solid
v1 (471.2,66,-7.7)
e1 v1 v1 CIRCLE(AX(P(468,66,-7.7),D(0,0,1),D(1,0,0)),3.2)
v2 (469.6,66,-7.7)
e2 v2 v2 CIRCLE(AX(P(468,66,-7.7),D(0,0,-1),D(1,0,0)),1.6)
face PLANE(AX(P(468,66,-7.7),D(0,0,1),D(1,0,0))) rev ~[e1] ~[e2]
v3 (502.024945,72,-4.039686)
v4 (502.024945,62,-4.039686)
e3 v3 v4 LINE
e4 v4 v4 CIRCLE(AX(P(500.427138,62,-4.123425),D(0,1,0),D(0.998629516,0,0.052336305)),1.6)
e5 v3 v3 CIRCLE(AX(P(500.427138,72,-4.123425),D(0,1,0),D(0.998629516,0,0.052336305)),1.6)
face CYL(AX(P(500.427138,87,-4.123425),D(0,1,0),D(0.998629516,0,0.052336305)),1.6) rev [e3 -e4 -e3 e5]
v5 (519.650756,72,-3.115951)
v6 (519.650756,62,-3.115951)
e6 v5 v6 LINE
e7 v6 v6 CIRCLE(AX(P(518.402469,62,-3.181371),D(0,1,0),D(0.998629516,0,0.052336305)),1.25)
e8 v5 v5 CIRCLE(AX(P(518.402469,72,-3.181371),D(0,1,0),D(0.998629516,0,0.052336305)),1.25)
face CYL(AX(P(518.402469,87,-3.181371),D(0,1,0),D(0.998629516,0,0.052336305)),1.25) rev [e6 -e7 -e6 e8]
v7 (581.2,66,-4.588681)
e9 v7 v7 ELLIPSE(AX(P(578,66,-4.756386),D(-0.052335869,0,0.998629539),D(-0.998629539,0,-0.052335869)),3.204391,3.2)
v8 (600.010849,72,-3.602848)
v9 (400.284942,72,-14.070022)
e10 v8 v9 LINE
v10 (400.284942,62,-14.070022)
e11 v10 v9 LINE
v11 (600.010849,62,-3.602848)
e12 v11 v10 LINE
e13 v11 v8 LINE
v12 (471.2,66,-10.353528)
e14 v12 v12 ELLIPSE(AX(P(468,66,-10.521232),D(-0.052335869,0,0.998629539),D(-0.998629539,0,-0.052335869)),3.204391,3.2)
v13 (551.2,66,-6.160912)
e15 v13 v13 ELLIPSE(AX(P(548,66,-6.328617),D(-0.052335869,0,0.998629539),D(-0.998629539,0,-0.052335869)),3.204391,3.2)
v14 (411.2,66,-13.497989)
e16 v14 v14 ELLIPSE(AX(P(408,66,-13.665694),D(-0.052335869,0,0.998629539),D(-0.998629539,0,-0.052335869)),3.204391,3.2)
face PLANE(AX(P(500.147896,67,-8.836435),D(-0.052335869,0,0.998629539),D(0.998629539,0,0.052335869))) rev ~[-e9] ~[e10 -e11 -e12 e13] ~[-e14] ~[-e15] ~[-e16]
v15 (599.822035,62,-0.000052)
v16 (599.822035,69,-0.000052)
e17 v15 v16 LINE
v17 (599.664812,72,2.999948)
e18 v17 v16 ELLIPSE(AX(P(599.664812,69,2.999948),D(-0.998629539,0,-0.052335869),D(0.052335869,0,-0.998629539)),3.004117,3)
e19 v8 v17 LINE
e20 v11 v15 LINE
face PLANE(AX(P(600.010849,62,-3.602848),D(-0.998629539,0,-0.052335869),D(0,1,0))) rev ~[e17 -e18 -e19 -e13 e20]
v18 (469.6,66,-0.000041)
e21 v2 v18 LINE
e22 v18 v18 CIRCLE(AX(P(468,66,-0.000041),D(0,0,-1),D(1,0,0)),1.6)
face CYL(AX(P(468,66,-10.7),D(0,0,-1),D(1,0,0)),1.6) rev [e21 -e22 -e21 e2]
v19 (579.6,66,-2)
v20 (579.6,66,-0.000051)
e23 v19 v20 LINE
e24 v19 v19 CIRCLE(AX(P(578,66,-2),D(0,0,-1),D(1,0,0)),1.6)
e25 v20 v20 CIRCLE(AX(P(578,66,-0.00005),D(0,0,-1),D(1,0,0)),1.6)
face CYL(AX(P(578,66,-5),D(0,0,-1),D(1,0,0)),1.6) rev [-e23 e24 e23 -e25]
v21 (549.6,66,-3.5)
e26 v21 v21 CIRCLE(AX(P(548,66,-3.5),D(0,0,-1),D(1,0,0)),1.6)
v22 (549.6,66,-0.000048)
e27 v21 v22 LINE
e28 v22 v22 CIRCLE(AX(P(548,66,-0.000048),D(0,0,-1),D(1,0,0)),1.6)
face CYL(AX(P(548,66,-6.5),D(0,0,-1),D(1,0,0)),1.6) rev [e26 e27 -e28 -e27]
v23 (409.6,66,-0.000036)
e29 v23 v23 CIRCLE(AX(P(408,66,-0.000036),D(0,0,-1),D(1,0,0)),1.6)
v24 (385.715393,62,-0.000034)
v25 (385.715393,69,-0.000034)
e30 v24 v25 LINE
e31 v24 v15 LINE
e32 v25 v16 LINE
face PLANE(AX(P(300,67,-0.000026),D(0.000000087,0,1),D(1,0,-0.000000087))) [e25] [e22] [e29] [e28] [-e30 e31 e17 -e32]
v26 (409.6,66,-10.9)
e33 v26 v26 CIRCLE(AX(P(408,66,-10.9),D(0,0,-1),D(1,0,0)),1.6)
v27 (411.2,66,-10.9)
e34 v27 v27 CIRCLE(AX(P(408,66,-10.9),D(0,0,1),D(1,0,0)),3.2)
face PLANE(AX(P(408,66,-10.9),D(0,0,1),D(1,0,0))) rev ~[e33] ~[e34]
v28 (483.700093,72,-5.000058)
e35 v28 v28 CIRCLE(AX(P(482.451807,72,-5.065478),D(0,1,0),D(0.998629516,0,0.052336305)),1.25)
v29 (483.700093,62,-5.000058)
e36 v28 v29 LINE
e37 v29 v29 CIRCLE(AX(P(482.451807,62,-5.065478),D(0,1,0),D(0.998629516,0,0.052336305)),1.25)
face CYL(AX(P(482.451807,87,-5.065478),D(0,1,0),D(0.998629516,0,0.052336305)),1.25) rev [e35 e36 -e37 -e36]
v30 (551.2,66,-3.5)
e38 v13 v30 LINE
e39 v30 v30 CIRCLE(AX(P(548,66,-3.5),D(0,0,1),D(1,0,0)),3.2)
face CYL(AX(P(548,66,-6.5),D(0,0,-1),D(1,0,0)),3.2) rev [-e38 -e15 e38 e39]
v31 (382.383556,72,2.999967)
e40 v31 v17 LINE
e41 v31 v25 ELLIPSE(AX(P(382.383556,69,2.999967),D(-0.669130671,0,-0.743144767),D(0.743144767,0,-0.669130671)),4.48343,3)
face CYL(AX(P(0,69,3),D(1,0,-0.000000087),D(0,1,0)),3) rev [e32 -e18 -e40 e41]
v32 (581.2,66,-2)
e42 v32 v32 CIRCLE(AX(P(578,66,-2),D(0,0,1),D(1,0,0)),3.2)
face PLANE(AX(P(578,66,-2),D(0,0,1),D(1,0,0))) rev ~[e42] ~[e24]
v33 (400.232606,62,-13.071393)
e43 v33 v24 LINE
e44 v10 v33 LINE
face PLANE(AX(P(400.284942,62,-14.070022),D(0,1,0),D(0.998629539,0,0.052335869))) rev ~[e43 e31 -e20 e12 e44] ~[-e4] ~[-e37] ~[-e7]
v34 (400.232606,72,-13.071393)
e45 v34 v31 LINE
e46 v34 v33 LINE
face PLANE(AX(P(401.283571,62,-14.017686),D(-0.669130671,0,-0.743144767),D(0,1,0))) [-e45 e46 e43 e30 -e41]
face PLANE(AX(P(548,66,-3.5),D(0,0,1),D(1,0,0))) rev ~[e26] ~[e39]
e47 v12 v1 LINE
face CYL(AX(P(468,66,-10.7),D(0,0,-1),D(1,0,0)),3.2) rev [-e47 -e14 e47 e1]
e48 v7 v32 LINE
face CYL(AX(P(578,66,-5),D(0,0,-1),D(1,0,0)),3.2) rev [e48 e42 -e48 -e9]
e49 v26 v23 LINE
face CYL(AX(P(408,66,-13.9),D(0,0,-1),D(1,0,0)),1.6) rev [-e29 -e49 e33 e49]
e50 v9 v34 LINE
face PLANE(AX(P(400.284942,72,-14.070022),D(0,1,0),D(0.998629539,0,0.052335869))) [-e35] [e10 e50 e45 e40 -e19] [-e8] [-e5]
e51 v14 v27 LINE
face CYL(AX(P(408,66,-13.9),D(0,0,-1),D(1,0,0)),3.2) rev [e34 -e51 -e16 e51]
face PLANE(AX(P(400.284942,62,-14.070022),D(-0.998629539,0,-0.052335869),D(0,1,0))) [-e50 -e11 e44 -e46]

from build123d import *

# Parameters (mm, degrees)
CYLINDER031_R             = 1.6
CYLINDER031_DEPTH         = 100
CYLINDER032_R             = 1.25
CYLINDER032_DEPTH         = 100
CYLINDER030_R             = 1.25
CYLINDER030_DEPTH         = 100
FUSION026_PLACEMENT_ANGLE = 3.00002
CYLINDER020_R             = 3.2
CYLINDER020_DEPTH         = 3
CYLINDER021_R             = 1.6
CYLINDER021_DEPTH         = 30
CYLINDER022_R             = 3.2
CYLINDER022_DEPTH         = 3
CYLINDER023_R             = 1.6
CYLINDER023_DEPTH         = 30
CYLINDER024_R             = 3.2
CYLINDER024_DEPTH         = 3
CYLINDER025_R             = 1.6
CYLINDER025_DEPTH         = 30
CYLINDER018_R             = 3.2
CYLINDER018_DEPTH         = 3
CYLINDER019_R             = 1.6
CYLINDER019_DEPTH         = 30
BOX_W                     = 600
BOX_H                     = 10
BOX_DEPTH                 = 20
BOX_PLACEMENT_ANGLE       = 3
BOX001_W                  = 600
BOX001_H                  = 10
BOX001_DEPTH              = 20
BOX001_PLACEMENT_ANGLE    = 3
FILLET004_R               = 3
BOX004_W                  = 14
BOX004_H                  = 10
BOX004_DEPTH              = 27
BOX004_PLACEMENT_ANGLE    = 45
BOX005_W                  = 200
BOX005_H                  = 10
BOX005_DEPTH              = 17
CUT006_PLACEMENT_ANGLE    = 2.999995


with BuildPart() as cylinder031:
    # Cylinder031 → Cylinder031 (new body)
    with BuildSketch(Plane(origin=(418, 0, 0), x_dir=(1, 0, 0), z_dir=(0, -1, 0))):
        Circle(CYLINDER031_R)
    extrude(amount=CYLINDER031_DEPTH)


with BuildPart() as cylinder032:
    # Cylinder032 → Cylinder032 (new body)
    with BuildSketch(Plane(origin=(436, 0, 0), x_dir=(1, 0, 0), z_dir=(0, -1, 0))):
        Circle(CYLINDER032_R)
    extrude(amount=CYLINDER032_DEPTH)


with BuildPart() as fusion026:
    # Cylinder030 → Cylinder030 (new body)
    with BuildSketch(Plane(origin=(400, 0, 0), x_dir=(1, 0, 0), z_dir=(0, -1, 0))):
        Circle(CYLINDER030_R)
    extrude(amount=CYLINDER030_DEPTH)

    # Fusion026: union Cylinder031, Cylinder032
    add(cylinder031.part)
    add(cylinder032.part)


with BuildPart() as fusion026_1:
    # Fusion026 placement: moved
    add(fusion026.part.moved(Location((83, 77, -26))).rotate(Axis((83, 77, -26), (0, -1, 0)), FUSION026_PLACEMENT_ANGLE))


with BuildPart() as cylinder020:
    # Cylinder020 → Cylinder020 (new body)
    with BuildSketch(Plane(origin=(578, 6, -35), x_dir=(1, 0, 0), z_dir=(0, 0, 1))):
        Circle(CYLINDER020_R)
    extrude(amount=CYLINDER020_DEPTH)


with BuildPart() as fusion017:
    # Cylinder021 → Cylinder021 (new body)
    with BuildSketch(Plane(origin=(578, 6, -35), x_dir=(1, 0, 0), z_dir=(0, 0, 1))):
        Circle(CYLINDER021_R)
    extrude(amount=CYLINDER021_DEPTH)

    # Fusion017: union Cylinder020
    add(cylinder020.part)


with BuildPart() as fusion017_1:
    # Fusion017 placement: moved
    add(fusion017.part.moved(Location((-170, 50, 21.1))))


with BuildPart() as cylinder022:
    # Cylinder022 → Cylinder022 (new body)
    with BuildSketch(Plane(origin=(578, 6, -35), x_dir=(1, 0, 0), z_dir=(0, 0, 1))):
        Circle(CYLINDER022_R)
    extrude(amount=CYLINDER022_DEPTH)


with BuildPart() as fusion018:
    # Cylinder023 → Cylinder023 (new body)
    with BuildSketch(Plane(origin=(578, 6, -35), x_dir=(1, 0, 0), z_dir=(0, 0, 1))):
        Circle(CYLINDER023_R)
    extrude(amount=CYLINDER023_DEPTH)

    # Fusion018: union Cylinder022
    add(cylinder022.part)


with BuildPart() as fusion018_1:
    # Fusion018 placement: moved
    add(fusion018.part.moved(Location((-110, 50, 24.3))))


with BuildPart() as cylinder024:
    # Cylinder024 → Cylinder024 (new body)
    with BuildSketch(Plane(origin=(578, 6, -35), x_dir=(1, 0, 0), z_dir=(0, 0, 1))):
        Circle(CYLINDER024_R)
    extrude(amount=CYLINDER024_DEPTH)


with BuildPart() as fusion019:
    # Cylinder025 → Cylinder025 (new body)
    with BuildSketch(Plane(origin=(578, 6, -35), x_dir=(1, 0, 0), z_dir=(0, 0, 1))):
        Circle(CYLINDER025_R)
    extrude(amount=CYLINDER025_DEPTH)

    # Fusion019: union Cylinder024
    add(cylinder024.part)


with BuildPart() as fusion019_1:
    # Fusion019 placement: moved
    add(fusion019.part.moved(Location((-30, 50, 28.5))))


with BuildPart() as cylinder018:
    # Cylinder018 → Cylinder018 (new body)
    with BuildSketch(Plane(origin=(578, 6, -35), x_dir=(1, 0, 0), z_dir=(0, 0, 1))):
        Circle(CYLINDER018_R)
    extrude(amount=CYLINDER018_DEPTH)


with BuildPart() as fusion034:
    # Cylinder019 → Cylinder019 (new body)
    with BuildSketch(Plane(origin=(578, 6, -35), x_dir=(1, 0, 0), z_dir=(0, 0, 1))):
        Circle(CYLINDER019_R)
    extrude(amount=CYLINDER019_DEPTH)

    # Fusion016: union Cylinder018
    add(cylinder018.part)


with BuildPart() as fusion034_1:
    # Fusion016 placement: moved
    add(fusion034.part.moved(Location((0, 50, 30))))

    # Fusion034: union Fusion017, Fusion018, Fusion019
    add(fusion017_1.part)
    add(fusion018_1.part)
    add(fusion019_1.part)


with BuildPart() as box:
    # Box → Box (new body)
    with BuildSketch(Plane.XY):
        with Locations((300, 5)):
            Rectangle(BOX_W, BOX_H)
    extrude(amount=BOX_DEPTH)


with BuildPart() as box_1:
    # Box placement: moved
    add(box.part.rotate(Axis((0, 0, 0), (0, 1, 0)), BOX_PLACEMENT_ANGLE))


with BuildPart() as fillet004:
    # Box001 → Box001 (new body)
    with BuildSketch(Plane.XY):
        with Locations((300, 5)):
            Rectangle(BOX001_W, BOX001_H)
    extrude(amount=BOX001_DEPTH)


with BuildPart() as fillet004_1:
    # Box001 placement: moved
    add(fillet004.part.moved(Location((0, 52, 0))).rotate(Axis((0, 52, 0), (0, 1, 0)), BOX001_PLACEMENT_ANGLE))

    # Fusion010: union Box
    add(box_1.part)

    # Fillet004
    fillet004_edges = [fillet004_1.edges().sort_by_distance(p)[0] for p in [
        (300.63558, 62, 4.271804),
        (299.58886, 62, -15.700787),
        (299.58886, 0, -15.700787),
        (300.63558, 0, 4.271804),
    ]]
    fillet(fillet004_edges, radius=FILLET004_R)


with BuildPart() as box004:
    # Box004 → Box004 (new body)
    with BuildSketch(Plane.XY):
        with Locations((7, 5)):
            Rectangle(BOX004_W, BOX004_H)
    extrude(amount=BOX004_DEPTH)


with BuildPart() as box004_1:
    # Box004 placement: moved
    add(box004.part.moved(Location((400, 0, -35))).rotate(Axis((400, 0, -35), (0, -1, 0)), BOX004_PLACEMENT_ANGLE))


with BuildPart() as right_wheels_frame:
    # Box005 → Box005 (new body)
    with BuildSketch(Plane(origin=(399, 0, -35), x_dir=(1, 0, 0), z_dir=(0, 0, 1))):
        with Locations((100, 5)):
            Rectangle(BOX005_W, BOX005_H)
    extrude(amount=BOX005_DEPTH)

    # Fusion003: union Box004
    add(box004_1.part)


with BuildPart() as right_wheels_frame_1:
    # Fusion003 placement: moved
    add(right_wheels_frame.part.moved(Location((0, 52, 0))))

    # Cut006: cut Fillet004
    add(fillet004_1.part, mode=Mode.SUBTRACT)


with BuildPart() as right_wheels_frame_2:
    # Cut006 placement: moved
    add(right_wheels_frame_1.part.rotate(Axis((0, 0, 0), (0, -1, 0)), CUT006_PLACEMENT_ANGLE))

    # Cut019: cut Fusion034
    add(fusion034_1.part, mode=Mode.SUBTRACT)

    # Cut020: cut Fusion026
    add(fusion026_1.part, mode=Mode.SUBTRACT)


with BuildPart() as right_wheels_frame_3:
    # Cut020 placement: moved
    add(right_wheels_frame_2.part.moved(Location((0, 10, 0))))


solid = right_wheels_frame_3.part
